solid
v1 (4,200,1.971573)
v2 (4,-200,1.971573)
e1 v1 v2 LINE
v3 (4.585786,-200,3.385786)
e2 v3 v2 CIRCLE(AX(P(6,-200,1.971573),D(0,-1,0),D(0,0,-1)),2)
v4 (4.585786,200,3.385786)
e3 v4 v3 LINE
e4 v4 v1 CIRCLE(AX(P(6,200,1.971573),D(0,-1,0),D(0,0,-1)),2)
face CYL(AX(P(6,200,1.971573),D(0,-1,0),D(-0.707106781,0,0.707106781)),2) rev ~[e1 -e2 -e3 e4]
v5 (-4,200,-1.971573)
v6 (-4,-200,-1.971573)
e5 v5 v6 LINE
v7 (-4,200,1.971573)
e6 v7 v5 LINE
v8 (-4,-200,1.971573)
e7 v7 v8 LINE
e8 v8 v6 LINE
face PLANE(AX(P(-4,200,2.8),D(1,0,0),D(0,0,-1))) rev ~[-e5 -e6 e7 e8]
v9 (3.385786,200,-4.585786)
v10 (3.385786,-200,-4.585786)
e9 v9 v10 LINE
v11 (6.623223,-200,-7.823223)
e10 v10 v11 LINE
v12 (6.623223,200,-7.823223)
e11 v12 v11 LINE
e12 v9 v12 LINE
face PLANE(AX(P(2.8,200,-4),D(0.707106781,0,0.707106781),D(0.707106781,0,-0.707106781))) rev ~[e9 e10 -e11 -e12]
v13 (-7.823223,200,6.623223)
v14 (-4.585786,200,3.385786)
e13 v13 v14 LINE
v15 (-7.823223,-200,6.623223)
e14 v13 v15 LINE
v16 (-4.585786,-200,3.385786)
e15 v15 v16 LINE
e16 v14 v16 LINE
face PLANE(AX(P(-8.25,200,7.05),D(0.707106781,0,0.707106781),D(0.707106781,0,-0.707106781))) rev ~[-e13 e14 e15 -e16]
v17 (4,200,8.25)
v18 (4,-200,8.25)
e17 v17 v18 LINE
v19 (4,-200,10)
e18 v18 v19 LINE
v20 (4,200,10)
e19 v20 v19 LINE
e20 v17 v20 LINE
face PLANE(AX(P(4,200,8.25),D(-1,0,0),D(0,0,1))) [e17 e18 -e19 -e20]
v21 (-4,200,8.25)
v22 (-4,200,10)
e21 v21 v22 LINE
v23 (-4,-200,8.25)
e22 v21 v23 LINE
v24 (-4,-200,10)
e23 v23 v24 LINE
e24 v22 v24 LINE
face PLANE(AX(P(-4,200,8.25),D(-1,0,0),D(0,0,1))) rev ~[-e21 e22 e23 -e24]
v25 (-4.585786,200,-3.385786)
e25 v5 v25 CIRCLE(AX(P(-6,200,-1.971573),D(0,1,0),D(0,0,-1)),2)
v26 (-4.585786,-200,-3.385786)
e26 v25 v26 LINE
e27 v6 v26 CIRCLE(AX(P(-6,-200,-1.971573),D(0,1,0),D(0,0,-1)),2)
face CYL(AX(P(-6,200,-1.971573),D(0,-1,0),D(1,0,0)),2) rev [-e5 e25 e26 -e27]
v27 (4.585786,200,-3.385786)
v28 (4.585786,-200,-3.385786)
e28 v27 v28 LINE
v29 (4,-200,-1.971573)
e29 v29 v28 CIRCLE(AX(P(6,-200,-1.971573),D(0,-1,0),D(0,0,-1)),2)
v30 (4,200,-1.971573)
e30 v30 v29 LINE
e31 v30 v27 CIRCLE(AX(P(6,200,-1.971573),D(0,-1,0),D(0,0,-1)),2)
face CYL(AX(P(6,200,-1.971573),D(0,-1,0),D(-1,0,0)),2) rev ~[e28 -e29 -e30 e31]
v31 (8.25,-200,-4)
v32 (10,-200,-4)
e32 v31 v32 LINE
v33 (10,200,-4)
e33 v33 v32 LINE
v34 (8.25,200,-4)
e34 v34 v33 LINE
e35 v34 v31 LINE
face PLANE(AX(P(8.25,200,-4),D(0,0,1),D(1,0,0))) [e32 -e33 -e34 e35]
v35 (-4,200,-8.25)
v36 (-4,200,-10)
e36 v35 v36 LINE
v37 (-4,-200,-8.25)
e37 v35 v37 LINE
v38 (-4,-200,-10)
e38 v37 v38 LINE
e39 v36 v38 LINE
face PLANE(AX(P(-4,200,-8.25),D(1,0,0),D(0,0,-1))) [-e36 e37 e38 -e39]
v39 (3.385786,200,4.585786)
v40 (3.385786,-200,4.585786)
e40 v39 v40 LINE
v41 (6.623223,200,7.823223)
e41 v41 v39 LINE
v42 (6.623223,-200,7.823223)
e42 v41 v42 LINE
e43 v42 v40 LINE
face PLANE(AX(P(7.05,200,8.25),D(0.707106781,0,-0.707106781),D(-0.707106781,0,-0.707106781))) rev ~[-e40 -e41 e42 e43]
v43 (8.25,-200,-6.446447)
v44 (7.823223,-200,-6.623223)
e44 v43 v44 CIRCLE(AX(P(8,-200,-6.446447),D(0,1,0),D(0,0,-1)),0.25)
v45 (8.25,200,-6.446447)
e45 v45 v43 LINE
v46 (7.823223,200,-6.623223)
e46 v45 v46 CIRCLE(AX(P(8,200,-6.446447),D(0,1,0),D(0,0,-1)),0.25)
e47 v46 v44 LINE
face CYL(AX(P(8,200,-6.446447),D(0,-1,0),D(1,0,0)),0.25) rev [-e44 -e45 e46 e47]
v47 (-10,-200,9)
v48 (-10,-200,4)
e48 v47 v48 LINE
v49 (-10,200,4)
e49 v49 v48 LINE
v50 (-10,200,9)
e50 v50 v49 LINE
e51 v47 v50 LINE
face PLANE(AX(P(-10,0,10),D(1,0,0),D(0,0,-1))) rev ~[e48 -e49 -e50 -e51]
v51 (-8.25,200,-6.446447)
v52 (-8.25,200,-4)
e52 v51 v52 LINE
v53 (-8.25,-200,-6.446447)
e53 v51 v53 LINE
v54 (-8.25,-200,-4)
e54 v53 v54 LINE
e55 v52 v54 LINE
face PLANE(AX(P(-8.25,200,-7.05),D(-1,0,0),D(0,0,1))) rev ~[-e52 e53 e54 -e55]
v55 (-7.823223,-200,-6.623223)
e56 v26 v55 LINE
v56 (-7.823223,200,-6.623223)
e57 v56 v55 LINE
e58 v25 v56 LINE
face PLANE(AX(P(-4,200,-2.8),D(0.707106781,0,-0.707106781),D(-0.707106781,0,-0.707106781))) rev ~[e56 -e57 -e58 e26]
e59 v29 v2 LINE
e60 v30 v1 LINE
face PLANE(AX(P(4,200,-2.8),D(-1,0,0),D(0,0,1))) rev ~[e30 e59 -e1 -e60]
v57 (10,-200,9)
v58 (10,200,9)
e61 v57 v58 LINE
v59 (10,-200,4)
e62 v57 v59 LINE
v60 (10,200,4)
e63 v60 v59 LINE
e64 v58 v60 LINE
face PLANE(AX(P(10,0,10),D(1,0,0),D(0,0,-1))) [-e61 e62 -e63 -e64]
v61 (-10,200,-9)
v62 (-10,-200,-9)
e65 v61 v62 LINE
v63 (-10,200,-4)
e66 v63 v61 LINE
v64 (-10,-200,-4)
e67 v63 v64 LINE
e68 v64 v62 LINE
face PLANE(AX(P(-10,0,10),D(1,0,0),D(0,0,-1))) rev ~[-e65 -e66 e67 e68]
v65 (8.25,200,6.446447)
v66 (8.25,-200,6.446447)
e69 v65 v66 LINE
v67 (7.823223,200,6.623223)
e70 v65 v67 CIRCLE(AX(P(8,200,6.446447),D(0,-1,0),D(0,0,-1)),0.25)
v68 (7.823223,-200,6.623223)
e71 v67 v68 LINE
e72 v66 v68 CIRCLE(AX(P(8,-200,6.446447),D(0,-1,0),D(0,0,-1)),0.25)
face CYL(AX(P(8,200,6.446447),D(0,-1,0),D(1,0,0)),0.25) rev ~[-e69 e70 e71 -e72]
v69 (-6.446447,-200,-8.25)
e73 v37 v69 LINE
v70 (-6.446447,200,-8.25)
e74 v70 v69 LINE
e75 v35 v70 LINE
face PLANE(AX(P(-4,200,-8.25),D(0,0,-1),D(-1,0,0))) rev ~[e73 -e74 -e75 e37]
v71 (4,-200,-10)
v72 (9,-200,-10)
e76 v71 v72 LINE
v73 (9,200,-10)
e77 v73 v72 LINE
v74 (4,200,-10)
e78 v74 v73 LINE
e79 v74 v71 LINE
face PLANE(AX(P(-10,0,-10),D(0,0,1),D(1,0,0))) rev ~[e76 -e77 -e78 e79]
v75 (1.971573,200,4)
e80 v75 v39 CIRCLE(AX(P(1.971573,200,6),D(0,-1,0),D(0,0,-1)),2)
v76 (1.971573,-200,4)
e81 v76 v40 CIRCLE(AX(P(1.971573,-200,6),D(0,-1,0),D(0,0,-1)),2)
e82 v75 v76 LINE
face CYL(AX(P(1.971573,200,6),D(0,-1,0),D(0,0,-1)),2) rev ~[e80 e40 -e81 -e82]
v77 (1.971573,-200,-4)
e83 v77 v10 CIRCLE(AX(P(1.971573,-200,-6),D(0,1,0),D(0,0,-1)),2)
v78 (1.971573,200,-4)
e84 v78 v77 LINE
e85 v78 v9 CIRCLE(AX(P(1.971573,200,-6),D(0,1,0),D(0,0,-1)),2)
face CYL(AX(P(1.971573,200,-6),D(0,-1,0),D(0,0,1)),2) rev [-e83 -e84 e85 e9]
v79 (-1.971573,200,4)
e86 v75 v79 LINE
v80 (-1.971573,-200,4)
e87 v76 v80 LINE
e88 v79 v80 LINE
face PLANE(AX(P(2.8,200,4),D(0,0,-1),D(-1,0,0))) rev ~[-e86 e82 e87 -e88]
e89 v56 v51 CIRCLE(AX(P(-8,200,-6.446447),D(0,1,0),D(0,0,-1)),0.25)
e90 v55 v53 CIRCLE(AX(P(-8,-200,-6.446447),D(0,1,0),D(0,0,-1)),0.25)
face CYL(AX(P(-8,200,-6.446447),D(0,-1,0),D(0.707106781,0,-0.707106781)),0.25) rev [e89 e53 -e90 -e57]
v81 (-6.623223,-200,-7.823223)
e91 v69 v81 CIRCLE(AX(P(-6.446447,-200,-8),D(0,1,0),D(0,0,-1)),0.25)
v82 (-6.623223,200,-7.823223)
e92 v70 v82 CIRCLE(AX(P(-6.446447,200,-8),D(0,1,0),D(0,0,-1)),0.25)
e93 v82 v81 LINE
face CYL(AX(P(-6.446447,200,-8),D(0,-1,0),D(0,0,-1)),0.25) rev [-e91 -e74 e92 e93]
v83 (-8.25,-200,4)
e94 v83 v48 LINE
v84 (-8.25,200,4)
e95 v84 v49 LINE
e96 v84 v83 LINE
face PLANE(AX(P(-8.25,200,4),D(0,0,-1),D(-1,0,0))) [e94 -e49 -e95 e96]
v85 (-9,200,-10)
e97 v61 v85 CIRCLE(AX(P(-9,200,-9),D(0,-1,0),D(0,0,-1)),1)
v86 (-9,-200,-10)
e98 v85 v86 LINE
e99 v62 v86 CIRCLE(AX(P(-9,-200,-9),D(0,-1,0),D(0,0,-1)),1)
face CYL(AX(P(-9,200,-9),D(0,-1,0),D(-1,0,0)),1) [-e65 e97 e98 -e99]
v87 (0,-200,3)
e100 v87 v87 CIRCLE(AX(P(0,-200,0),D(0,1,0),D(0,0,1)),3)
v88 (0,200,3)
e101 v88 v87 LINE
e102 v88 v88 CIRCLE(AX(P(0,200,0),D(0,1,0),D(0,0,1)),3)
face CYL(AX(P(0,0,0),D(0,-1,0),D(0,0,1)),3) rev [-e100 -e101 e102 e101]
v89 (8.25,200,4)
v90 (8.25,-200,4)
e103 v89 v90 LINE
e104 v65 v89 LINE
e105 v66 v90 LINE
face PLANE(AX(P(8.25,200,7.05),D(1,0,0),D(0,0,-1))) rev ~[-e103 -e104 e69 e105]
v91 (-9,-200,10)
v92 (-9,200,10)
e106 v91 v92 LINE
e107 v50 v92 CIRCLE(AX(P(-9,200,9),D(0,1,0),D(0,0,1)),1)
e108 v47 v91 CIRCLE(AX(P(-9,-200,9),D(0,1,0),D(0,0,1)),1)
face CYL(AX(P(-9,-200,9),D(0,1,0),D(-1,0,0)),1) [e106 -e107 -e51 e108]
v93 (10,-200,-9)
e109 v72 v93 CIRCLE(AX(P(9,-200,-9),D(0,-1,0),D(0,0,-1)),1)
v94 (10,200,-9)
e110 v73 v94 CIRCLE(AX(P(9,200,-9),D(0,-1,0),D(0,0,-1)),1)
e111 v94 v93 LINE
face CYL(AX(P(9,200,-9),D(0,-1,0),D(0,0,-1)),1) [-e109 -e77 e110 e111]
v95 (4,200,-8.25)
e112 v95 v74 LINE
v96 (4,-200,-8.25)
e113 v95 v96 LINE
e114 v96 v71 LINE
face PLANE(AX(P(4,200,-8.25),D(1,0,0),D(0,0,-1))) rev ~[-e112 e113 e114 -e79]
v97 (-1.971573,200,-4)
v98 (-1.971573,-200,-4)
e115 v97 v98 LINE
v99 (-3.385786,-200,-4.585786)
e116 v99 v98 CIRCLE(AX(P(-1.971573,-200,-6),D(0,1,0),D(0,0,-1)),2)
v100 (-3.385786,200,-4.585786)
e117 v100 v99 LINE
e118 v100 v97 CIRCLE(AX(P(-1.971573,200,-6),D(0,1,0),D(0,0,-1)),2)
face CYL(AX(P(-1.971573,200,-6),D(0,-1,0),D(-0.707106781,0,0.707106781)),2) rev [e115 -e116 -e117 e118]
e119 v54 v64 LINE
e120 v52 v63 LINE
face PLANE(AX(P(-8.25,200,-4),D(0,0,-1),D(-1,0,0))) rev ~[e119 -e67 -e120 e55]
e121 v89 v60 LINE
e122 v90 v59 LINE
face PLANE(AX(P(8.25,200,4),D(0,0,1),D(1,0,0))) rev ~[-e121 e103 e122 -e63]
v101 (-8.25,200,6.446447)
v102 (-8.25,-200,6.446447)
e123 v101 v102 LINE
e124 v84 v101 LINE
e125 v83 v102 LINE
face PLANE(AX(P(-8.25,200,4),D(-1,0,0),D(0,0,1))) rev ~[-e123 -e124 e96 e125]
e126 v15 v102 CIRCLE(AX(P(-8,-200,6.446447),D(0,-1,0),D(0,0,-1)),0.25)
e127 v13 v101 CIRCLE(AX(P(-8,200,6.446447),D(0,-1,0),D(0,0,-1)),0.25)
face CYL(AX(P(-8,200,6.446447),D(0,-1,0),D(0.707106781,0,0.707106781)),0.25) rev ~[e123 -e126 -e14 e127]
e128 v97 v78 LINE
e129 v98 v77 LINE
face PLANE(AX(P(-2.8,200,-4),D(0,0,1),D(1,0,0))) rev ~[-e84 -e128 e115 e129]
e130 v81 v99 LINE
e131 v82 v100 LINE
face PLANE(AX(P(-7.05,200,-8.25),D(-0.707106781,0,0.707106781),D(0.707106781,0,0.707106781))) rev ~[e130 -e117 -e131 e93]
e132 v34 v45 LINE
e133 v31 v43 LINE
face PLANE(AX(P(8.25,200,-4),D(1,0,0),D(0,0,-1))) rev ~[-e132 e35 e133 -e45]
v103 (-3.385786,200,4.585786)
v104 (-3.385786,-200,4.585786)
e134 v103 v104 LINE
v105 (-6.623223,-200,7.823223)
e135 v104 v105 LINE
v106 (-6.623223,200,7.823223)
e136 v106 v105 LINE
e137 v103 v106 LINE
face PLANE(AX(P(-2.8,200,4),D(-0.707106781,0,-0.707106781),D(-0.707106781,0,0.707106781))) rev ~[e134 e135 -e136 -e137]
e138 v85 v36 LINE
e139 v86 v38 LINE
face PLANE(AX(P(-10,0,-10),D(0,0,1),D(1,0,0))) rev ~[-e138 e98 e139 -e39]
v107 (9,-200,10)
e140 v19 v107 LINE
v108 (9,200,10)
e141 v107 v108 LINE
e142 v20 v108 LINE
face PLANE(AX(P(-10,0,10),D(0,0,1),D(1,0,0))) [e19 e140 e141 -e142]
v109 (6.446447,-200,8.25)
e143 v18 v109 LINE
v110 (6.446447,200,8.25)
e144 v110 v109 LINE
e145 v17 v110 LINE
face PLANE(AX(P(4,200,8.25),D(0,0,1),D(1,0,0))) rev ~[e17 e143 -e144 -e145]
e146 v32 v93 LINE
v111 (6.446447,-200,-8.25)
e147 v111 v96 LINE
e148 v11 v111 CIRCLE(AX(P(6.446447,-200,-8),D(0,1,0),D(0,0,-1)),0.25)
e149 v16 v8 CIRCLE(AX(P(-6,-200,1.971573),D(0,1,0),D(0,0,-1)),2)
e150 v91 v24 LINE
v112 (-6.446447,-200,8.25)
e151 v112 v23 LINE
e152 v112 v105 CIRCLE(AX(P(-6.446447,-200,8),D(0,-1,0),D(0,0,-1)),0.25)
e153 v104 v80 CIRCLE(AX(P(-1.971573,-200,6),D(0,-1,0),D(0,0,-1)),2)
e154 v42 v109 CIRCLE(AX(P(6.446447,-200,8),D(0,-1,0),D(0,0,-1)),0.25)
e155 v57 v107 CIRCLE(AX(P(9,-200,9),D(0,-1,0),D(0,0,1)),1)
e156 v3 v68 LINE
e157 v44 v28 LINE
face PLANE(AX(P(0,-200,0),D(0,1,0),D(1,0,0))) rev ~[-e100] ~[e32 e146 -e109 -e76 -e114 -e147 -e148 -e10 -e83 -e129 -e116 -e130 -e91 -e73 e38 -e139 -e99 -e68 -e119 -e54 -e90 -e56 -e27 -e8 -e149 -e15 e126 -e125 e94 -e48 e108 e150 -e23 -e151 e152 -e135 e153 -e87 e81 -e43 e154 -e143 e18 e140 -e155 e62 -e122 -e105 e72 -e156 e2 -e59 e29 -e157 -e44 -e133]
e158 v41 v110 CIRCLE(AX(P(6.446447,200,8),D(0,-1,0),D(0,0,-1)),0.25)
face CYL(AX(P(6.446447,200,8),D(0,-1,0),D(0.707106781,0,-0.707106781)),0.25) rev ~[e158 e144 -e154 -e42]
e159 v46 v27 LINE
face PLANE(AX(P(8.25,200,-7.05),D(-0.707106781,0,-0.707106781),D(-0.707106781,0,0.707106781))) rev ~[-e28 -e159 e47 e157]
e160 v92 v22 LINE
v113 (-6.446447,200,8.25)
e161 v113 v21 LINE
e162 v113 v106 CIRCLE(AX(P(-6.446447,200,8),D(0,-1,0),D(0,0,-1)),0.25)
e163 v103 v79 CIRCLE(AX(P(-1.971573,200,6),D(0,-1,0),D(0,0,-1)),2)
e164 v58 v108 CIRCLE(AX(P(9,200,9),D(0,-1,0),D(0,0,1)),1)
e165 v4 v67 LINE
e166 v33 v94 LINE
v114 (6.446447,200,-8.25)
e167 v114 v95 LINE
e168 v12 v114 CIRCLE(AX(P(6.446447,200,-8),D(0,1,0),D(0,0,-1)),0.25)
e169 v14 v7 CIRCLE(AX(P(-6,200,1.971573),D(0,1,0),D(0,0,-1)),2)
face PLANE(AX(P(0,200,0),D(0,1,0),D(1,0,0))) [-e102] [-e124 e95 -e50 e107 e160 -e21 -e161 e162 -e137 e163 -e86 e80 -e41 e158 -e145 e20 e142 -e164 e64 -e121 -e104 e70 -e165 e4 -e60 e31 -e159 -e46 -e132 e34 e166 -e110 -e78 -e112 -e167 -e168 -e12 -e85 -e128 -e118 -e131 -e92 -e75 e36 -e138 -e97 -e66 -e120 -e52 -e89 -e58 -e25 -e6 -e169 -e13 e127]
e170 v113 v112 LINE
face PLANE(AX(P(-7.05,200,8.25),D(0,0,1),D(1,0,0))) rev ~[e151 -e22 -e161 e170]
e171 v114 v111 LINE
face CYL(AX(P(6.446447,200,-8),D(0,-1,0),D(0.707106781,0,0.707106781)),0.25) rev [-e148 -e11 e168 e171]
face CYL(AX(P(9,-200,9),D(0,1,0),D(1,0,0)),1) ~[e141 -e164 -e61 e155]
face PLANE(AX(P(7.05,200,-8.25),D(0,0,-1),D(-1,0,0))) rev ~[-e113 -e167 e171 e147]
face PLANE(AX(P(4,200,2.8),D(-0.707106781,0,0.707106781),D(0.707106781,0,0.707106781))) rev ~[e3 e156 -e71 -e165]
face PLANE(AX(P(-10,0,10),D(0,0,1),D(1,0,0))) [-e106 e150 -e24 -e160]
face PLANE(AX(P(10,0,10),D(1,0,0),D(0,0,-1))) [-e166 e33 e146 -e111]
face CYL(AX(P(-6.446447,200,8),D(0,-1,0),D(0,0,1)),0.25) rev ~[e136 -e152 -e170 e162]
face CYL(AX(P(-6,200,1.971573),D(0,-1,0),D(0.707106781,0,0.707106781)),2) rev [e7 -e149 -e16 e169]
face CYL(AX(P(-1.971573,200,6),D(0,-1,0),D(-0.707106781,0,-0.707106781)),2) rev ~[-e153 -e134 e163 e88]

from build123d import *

# Parameters (mm, degrees)
ESBO_O1_W                = 20
ESBO_O1_H                = 20
ESBO_O1_R                = 3
RESSALTO_EXTRUS_O1_DEPTH = 200
ESBO_O2_W                = 8
ESBO_O2_H                = 1.75
CORTE_EXTRUS_O1_DEPTH    = 401.249921924
PADR_OCIRCULAR2_COUNT    = 4
FILETE2_R                = 1
FILETE3_R                = 2
FILETE4_R                = 0.25


with BuildPart() as part:
    # Esboço1 → Ressalto-extrusão1 (new, symmetric)
    with BuildSketch(Plane(origin=(0, 0, 0), x_dir=(1, 0, 0), z_dir=(0, 1, 0))):
        Rectangle(ESBO_O1_W, ESBO_O1_H)
        with Locations(Location((0, 0, 0), (0, 0, 270))):
            Circle(ESBO_O1_R, mode=Mode.SUBTRACT)
    extrude(amount=RESSALTO_EXTRUS_O1_DEPTH, both=True)

    # Esboço2 → Corte-extrusão1 (cut, through all)
    with BuildSketch(Plane(origin=(0, 200, 0), x_dir=(1, 0, 0), z_dir=(0, 1, 0))):
        Polygon((-7.05, 8.25), (-2.8, 4), (2.8, 4), (7.05, 8.25), (4, 8.25), (-4, 8.25), align=None)
        with Locations((0, 9.125)):
            Rectangle(ESBO_O2_W, ESBO_O2_H)
    corte_extrus_o1 = extrude(amount=-CORTE_EXTRUS_O1_DEPTH, mode=Mode.SUBTRACT)

    # PadrãoCircular2: Corte-extrusão1 ×4 about axis
    padr_ocircular2_axis = Axis((0, 0, 0), (0, 1, 0))
    for i in range(1, PADR_OCIRCULAR2_COUNT):
        add(corte_extrus_o1.rotate(padr_ocircular2_axis, i * 360 / PADR_OCIRCULAR2_COUNT), mode=Mode.SUBTRACT)

    # Filete2
    filete2_edges = [part.edges().sort_by_distance(p)[0] for p in [
        (10, 0, 10),
        (-10, 0, 10),
        (-10, 0, -10),
        (10, 0, -10),
    ]]
    fillet(filete2_edges, radius=FILETE2_R)

    # Filete3
    filete3_edges = [part.edges().sort_by_distance(p)[0] for p in [
        (-4, 0, -2.8),
        (-4, 0, 2.8),
        (2.8, 0, -4),
        (-2.8, 0, -4),
        (4, 0, 2.8),
        (4, 0, -2.8),
        (-2.8, 0, 4),
        (2.8, 0, 4),
    ]]
    fillet(filete3_edges, radius=FILETE3_R)

    # Filete4
    filete4_edges = [part.edges().sort_by_distance(p)[0] for p in [
        (-8.25, 0, -7.05),
        (-8.25, 0, 7.05),
        (7.05, 0, -8.25),
        (-7.05, 0, -8.25),
        (8.25, 0, 7.05),
        (8.25, 0, -7.05),
        (-7.05, 0, 8.25),
        (7.05, 0, 8.25),
    ]]
    fillet(filete4_edges, radius=FILETE4_R)


solid = part.part
